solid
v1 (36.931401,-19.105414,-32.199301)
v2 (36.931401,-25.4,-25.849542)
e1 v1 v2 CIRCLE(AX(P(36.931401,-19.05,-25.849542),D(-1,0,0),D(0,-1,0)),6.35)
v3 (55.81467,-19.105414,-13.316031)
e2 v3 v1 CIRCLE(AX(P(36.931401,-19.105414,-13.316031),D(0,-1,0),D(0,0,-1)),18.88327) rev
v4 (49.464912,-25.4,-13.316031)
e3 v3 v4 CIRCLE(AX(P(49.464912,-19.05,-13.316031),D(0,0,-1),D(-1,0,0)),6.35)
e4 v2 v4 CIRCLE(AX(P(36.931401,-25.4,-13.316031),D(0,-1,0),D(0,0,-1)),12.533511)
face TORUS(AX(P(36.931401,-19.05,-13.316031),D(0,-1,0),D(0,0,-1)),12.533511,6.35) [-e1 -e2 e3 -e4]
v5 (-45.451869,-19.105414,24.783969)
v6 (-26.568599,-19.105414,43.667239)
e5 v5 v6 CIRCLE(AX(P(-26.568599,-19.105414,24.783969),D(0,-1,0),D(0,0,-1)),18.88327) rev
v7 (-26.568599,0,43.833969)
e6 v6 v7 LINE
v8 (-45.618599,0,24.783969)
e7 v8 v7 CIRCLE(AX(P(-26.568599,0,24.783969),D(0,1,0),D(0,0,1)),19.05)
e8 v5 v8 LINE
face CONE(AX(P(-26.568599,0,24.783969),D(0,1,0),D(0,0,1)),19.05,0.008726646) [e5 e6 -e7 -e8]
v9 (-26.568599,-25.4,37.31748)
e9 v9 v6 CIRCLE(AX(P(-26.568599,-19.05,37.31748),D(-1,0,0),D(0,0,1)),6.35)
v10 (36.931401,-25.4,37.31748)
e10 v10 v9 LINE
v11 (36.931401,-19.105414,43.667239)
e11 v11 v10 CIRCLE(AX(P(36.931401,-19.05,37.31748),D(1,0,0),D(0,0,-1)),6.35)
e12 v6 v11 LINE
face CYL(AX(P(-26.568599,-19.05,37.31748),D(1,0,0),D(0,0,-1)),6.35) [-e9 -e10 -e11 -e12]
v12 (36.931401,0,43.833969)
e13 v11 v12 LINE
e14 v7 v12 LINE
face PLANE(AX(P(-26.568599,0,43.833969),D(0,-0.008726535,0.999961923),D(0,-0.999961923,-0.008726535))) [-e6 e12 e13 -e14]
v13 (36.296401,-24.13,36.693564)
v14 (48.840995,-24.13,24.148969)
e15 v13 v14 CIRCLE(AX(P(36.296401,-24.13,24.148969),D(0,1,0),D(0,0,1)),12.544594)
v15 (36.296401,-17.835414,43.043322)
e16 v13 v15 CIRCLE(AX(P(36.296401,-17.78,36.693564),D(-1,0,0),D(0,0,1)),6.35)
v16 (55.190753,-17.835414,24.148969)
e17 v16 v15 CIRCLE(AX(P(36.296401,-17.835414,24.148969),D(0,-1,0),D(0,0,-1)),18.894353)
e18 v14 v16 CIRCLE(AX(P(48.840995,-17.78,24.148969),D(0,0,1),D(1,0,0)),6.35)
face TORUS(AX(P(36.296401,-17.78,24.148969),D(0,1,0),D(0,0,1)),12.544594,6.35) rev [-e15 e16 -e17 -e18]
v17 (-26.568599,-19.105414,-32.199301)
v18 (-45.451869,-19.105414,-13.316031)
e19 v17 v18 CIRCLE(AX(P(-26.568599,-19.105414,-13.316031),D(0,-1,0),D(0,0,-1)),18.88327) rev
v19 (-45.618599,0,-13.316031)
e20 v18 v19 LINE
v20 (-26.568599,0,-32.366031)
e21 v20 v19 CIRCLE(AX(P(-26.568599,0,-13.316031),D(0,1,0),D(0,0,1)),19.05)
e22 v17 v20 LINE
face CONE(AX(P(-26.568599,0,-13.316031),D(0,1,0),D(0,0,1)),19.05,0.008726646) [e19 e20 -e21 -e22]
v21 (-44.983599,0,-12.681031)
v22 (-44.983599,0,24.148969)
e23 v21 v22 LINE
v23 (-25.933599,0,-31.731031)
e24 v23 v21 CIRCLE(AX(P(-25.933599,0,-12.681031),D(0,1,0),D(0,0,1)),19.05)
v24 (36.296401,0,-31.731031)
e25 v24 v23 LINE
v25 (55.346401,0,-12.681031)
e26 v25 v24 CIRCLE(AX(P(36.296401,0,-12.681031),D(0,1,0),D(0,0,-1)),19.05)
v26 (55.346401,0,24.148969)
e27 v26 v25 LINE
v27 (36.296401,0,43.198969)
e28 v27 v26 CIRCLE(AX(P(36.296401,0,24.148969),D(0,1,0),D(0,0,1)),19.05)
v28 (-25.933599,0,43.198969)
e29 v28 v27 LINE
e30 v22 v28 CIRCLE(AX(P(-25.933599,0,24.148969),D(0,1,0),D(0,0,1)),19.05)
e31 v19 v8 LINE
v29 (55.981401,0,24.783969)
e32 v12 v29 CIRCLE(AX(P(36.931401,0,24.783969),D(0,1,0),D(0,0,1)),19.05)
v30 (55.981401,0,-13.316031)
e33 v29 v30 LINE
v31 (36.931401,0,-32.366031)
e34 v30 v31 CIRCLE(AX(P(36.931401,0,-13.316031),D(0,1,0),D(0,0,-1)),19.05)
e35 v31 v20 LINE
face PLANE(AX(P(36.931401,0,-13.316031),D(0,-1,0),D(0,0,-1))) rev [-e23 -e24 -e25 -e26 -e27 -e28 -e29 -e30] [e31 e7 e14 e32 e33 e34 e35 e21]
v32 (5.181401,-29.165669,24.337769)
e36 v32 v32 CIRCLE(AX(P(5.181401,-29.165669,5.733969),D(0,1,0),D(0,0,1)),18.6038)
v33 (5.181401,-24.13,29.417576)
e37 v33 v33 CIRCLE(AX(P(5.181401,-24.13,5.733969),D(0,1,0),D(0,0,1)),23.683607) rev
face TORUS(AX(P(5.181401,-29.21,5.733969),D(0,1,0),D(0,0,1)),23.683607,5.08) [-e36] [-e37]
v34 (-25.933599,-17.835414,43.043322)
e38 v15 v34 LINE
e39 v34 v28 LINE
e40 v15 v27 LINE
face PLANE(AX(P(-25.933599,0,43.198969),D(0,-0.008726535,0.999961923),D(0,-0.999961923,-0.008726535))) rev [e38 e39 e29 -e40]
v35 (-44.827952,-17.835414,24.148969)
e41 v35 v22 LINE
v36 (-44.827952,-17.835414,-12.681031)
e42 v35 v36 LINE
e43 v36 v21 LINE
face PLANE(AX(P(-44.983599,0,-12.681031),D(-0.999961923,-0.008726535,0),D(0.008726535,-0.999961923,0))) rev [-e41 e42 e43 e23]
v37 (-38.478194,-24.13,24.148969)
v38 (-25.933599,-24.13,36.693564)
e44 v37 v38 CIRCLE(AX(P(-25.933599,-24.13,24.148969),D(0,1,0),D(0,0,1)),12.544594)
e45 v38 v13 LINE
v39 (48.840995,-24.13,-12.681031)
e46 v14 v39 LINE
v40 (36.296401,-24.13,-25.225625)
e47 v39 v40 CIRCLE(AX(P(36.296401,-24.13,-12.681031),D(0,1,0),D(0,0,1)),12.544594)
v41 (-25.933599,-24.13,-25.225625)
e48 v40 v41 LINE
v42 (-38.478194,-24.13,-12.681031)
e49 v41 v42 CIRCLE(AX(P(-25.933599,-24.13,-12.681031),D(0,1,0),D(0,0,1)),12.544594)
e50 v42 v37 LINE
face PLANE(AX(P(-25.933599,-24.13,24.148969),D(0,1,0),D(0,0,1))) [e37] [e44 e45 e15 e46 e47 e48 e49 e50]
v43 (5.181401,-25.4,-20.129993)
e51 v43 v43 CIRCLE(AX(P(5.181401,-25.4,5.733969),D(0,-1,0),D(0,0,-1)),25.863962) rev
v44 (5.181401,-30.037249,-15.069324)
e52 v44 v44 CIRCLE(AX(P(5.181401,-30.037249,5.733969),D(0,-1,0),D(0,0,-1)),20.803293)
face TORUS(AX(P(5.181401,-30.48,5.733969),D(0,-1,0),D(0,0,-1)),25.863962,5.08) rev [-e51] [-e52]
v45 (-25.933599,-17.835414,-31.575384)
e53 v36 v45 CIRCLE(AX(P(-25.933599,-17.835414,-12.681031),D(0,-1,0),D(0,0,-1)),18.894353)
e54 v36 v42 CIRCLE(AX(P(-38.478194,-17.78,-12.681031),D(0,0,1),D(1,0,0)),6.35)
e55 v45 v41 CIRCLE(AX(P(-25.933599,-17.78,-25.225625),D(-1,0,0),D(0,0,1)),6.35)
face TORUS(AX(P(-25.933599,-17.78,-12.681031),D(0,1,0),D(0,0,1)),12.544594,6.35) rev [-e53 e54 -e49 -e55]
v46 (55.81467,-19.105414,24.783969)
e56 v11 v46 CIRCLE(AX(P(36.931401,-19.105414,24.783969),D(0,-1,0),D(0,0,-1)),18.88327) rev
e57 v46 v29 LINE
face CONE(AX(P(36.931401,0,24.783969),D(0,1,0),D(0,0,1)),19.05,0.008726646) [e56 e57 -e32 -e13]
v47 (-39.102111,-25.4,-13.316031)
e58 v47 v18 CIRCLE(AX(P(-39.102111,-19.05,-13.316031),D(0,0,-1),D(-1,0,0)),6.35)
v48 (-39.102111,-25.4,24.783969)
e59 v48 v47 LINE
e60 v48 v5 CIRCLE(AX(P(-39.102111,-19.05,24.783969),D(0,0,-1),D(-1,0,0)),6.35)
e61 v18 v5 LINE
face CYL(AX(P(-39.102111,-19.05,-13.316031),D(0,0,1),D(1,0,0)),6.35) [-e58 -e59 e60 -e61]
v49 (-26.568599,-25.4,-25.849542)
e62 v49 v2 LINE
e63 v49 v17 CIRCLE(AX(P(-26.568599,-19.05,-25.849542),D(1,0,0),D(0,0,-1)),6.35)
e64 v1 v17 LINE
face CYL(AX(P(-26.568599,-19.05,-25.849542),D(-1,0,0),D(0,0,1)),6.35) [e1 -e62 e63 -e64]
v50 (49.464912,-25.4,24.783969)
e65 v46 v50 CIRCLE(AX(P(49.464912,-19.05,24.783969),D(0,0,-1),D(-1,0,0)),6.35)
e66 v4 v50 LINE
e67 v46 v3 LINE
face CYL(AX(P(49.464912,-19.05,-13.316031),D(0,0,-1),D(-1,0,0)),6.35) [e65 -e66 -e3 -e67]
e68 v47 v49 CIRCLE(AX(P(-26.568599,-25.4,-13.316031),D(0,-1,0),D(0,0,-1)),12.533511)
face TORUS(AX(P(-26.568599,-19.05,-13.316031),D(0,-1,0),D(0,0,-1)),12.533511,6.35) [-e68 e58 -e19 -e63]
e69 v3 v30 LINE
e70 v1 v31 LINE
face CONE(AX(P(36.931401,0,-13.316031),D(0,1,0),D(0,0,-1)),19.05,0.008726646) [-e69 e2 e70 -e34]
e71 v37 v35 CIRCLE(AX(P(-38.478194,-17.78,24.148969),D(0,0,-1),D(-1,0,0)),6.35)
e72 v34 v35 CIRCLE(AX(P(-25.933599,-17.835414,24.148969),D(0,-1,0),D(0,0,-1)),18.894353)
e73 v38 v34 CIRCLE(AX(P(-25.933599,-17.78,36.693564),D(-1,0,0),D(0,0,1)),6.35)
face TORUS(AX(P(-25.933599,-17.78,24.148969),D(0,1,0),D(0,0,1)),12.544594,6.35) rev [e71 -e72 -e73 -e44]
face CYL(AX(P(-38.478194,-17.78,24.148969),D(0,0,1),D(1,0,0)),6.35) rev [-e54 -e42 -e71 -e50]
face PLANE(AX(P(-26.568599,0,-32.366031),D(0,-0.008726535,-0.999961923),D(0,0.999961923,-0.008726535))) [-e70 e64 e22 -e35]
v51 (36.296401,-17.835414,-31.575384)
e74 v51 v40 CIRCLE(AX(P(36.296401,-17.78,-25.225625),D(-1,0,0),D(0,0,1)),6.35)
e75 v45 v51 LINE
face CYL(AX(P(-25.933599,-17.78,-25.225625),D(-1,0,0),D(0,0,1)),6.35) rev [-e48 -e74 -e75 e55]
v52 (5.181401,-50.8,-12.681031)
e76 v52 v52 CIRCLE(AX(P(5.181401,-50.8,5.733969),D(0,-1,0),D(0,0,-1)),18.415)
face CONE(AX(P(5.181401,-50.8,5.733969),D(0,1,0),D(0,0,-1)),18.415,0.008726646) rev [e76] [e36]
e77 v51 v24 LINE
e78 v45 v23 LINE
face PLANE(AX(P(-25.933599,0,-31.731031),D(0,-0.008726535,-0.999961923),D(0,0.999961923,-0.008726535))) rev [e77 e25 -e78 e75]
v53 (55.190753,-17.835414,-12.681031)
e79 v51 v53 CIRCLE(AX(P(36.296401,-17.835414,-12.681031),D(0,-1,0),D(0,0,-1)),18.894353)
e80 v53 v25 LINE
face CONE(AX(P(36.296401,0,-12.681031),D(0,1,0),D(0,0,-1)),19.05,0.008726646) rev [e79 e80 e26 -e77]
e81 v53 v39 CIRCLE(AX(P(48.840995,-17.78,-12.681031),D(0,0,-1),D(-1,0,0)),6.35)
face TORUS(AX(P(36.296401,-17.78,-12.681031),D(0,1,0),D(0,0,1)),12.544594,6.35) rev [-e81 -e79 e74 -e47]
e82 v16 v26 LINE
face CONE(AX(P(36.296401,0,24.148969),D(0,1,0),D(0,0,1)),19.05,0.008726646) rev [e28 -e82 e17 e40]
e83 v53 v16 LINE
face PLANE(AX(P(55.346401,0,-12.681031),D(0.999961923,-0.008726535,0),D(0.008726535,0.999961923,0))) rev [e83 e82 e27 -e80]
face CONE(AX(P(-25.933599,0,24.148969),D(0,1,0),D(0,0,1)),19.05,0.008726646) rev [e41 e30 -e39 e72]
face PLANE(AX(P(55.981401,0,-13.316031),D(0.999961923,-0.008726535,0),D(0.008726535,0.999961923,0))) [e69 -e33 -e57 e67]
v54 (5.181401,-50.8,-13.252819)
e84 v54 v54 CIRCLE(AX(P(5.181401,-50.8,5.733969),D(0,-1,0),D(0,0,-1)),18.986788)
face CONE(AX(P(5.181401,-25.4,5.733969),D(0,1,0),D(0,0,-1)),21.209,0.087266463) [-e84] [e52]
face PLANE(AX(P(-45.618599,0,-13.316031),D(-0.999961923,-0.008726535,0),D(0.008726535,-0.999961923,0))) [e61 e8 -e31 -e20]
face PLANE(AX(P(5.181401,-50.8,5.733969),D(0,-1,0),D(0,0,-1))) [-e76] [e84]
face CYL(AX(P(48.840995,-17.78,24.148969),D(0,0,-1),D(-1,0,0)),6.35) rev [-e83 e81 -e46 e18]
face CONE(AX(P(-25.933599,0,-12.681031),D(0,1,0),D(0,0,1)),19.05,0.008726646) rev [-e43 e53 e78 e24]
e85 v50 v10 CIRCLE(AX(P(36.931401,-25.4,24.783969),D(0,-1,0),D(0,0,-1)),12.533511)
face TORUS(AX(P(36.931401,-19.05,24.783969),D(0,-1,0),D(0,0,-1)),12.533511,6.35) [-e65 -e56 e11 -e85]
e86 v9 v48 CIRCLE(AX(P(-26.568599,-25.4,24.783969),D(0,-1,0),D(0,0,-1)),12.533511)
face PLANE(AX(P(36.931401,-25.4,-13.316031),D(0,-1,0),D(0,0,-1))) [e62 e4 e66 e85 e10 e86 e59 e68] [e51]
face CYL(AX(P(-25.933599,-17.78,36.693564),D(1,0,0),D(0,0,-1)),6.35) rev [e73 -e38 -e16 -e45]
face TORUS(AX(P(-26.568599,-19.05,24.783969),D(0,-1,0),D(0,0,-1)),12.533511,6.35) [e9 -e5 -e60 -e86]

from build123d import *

# Parameters (mm, degrees)
BOSS_EXTRUDE2_DEPTH = 25.4
BOSS_EXTRUDE2_DRAFT = -0.5
CUT_EXTRUDE1_DEPTH  = 24.13
CUT_EXTRUDE1_DRAFT  = -0.5
FILLET1_R           = 6.35
FILLET2_R           = 6.35
SKETCH7_R           = 21.209
BOSS_EXTRUDE3_DEPTH = 25.4
BOSS_EXTRUDE3_TAPER = 5
SKETCH11_R          = 18.415
CUT_EXTRUDE2_DEPTH  = 26.67
CUT_EXTRUDE2_DRAFT  = 0.5
FILLET3_R           = 5.08
FILLET4_R           = 5.08


with BuildPart() as part:
    # Sketch5 → Boss-Extrude2 (with draft: the straight prism first)
    with BuildSketch(Plane(origin=(0, 0, 0), x_dir=(1, 0, 0), z_dir=(0, 1, 0))):
        with BuildLine():
            ThreePointArc((-26.568599378, 32.36603099), (-40.038983559, 26.786415172), (-45.618599378, 13.31603099))
            Line((-45.618599378, 13.31603099), (-45.618599378, -24.78396901))
            ThreePointArc((-45.618599378, -24.78396901), (-40.038983559, -38.254353191), (-26.568599378, -43.83396901))
            Line((-26.568599378, -43.83396901), (36.931400622, -43.83396901))
            ThreePointArc((36.931400622, -43.83396901), (50.401784804, -38.254353191), (55.981400622, -24.78396901))
            Line((55.981400622, -24.78396901), (55.981400622, 13.31603099))
            ThreePointArc((55.981400622, 13.31603099), (50.401784804, 26.786415172), (36.931400622, 32.36603099))
            Line((36.931400622, 32.36603099), (-26.568599378, 32.36603099))
        make_face()
    extrude(amount=-BOSS_EXTRUDE2_DEPTH)
    # Boss-Extrude2: the draft: its side faces are tilted about the plane it starts from
    boss_extrude2_sides = [part.faces().sort_by_distance(p)[0] for p in [
        (-40.038983559, -12.7, -26.786415172),
        (-45.618599378, -12.7, 5.73396901),
        (-40.038983559, -12.7, 38.254353191),
        (5.181400622, -12.7, 43.83396901),
        (50.401784804, -12.7, 38.254353191),
        (55.981400622, -12.7, 5.73396901),
        (50.401784804, -12.7, -26.786415172),
        (5.181400622, -12.7, -32.36603099),
    ]]
    draft(boss_extrude2_sides, Plane(origin=(0, 0, 0), x_dir=(1, 0, 0), z_dir=(0, 1, 0)), BOSS_EXTRUDE2_DRAFT)


with BuildPart() as cut_extrude1_tool:
    # Sketch6 → Cut-Extrude1 (with draft: the straight prism first)
    with BuildSketch(Plane(origin=(0, 0, 0), x_dir=(1, 0, 0), z_dir=(0, 1, 0))):
        with BuildLine():
            ThreePointArc((-25.933599378, 31.73103099), (-39.403983559, 26.151415172), (-44.983599378, 12.68103099))
            Line((-44.983599378, 12.68103099), (-44.983599378, -24.14896901))
            ThreePointArc((-44.983599378, -24.14896901), (-39.403983559, -37.619353191), (-25.933599378, -43.19896901))
            Line((-25.933599378, -43.19896901), (36.296400622, -43.19896901))
            ThreePointArc((36.296400622, -43.19896901), (49.766784804, -37.619353191), (55.346400622, -24.14896901))
            Line((55.346400622, -24.14896901), (55.346400622, 12.68103099))
            ThreePointArc((55.346400622, 12.68103099), (49.766784804, 26.151415172), (36.296400622, 31.73103099))
            Line((36.296400622, 31.73103099), (-25.933599378, 31.73103099))
        make_face()
    extrude(amount=-CUT_EXTRUDE1_DEPTH)
    # Cut-Extrude1: the draft: its side faces are tilted about the plane it starts from
    cut_extrude1_sides = [cut_extrude1_tool.faces().sort_by_distance(p)[0] for p in [
        (-39.403983559, -12.065, -26.151415172),
        (-44.983599378, -12.065, 5.73396901),
        (-39.403983559, -12.065, 37.619353191),
        (5.181400622, -12.065, 43.19896901),
        (49.766784804, -12.065, 37.619353191),
        (55.346400622, -12.065, 5.73396901),
        (49.766784804, -12.065, -26.151415172),
        (5.181400622, -12.065, -31.73103099),
    ]]
    draft(cut_extrude1_sides, Plane(origin=(0, 0, 0), x_dir=(1, 0, 0), z_dir=(0, 1, 0)), CUT_EXTRUDE1_DRAFT)


with BuildPart() as part_1:
    add(part.part)

    # Cut-Extrude1: cut by cut_extrude1_tool
    add(cut_extrude1_tool.part, mode=Mode.SUBTRACT)

    # Fillet1
    fillet1_edges = [part_1.edges().sort_by_distance(p)[0] for p in [
        (-39.882244543, -25.4, -26.629676156),
        (-45.396936936, -25.4, 5.73396901),
        (-39.882244543, -25.4, 38.097614176),
        (5.181400622, -25.4, 43.612306568),
        (50.245045788, -25.4, 38.097614176),
        (55.759738181, -25.4, 5.73396901),
        (50.245045788, -25.4, -26.629676156),
        (5.181400622, -25.4, -32.144368548),
    ]]
    fillet(fillet1_edges, radius=FILLET1_R)

    # Fillet2
    fillet2_edges = [part_1.edges().sort_by_distance(p)[0] for p in [
        (-39.255081494, -24.13, 37.470451126),
        (-44.773020058, -24.13, 5.73396901),
        (-39.255081494, -24.13, -26.002513107),
        (5.181400622, -24.13, -31.52045167),
        (49.617882739, -24.13, -26.002513107),
        (55.135821303, -24.13, 5.73396901),
        (49.617882739, -24.13, 37.470451126),
        (5.181400622, -24.13, 42.98838969),
    ]]
    fillet(fillet2_edges, radius=FILLET2_R)

    # Sketch7 → Boss-Extrude3 (add)
    with BuildSketch(Plane.XZ.offset(25.4)):
        with Locations((5.181400622, 5.73396901)):
            Circle(SKETCH7_R)
    extrude(amount=BOSS_EXTRUDE3_DEPTH, taper=BOSS_EXTRUDE3_TAPER)


with BuildPart() as cut_extrude2_tool:
    # Sketch11 → Cut-Extrude2 (with draft: the straight prism first)
    with BuildSketch(Plane.XZ.offset(50.8)):
        with Locations((5.181400622, 5.73396901)):
            Circle(SKETCH11_R)
    extrude(amount=-CUT_EXTRUDE2_DEPTH)
    # Cut-Extrude2: the draft: its side faces are tilted about the plane it starts from
    cut_extrude2_sides = [cut_extrude2_tool.faces().sort_by_distance(p)[0] for p in [
        (-13.233599378, -37.465, 5.73396901),
    ]]
    draft(cut_extrude2_sides, Plane.XZ.offset(50.8), CUT_EXTRUDE2_DRAFT)


with BuildPart() as part_2:
    add(part_1.part)

    # Cut-Extrude2: cut by cut_extrude2_tool
    add(cut_extrude2_tool.part, mode=Mode.SUBTRACT)

    # Fillet3
    fillet3_edges = [part_2.edges().sort_by_distance(p)[0] for p in [
        (-13.466344942, -24.13, 5.73396901),
    ]]
    fillet(fillet3_edges, radius=FILLET3_R)

    # Fillet4
    fillet4_edges = [part_2.edges().sort_by_distance(p)[0] for p in [
        (-16.027599378, -25.4, 5.73396901),
    ]]
    fillet(fillet4_edges, radius=FILLET4_R)


solid = part_2.part
